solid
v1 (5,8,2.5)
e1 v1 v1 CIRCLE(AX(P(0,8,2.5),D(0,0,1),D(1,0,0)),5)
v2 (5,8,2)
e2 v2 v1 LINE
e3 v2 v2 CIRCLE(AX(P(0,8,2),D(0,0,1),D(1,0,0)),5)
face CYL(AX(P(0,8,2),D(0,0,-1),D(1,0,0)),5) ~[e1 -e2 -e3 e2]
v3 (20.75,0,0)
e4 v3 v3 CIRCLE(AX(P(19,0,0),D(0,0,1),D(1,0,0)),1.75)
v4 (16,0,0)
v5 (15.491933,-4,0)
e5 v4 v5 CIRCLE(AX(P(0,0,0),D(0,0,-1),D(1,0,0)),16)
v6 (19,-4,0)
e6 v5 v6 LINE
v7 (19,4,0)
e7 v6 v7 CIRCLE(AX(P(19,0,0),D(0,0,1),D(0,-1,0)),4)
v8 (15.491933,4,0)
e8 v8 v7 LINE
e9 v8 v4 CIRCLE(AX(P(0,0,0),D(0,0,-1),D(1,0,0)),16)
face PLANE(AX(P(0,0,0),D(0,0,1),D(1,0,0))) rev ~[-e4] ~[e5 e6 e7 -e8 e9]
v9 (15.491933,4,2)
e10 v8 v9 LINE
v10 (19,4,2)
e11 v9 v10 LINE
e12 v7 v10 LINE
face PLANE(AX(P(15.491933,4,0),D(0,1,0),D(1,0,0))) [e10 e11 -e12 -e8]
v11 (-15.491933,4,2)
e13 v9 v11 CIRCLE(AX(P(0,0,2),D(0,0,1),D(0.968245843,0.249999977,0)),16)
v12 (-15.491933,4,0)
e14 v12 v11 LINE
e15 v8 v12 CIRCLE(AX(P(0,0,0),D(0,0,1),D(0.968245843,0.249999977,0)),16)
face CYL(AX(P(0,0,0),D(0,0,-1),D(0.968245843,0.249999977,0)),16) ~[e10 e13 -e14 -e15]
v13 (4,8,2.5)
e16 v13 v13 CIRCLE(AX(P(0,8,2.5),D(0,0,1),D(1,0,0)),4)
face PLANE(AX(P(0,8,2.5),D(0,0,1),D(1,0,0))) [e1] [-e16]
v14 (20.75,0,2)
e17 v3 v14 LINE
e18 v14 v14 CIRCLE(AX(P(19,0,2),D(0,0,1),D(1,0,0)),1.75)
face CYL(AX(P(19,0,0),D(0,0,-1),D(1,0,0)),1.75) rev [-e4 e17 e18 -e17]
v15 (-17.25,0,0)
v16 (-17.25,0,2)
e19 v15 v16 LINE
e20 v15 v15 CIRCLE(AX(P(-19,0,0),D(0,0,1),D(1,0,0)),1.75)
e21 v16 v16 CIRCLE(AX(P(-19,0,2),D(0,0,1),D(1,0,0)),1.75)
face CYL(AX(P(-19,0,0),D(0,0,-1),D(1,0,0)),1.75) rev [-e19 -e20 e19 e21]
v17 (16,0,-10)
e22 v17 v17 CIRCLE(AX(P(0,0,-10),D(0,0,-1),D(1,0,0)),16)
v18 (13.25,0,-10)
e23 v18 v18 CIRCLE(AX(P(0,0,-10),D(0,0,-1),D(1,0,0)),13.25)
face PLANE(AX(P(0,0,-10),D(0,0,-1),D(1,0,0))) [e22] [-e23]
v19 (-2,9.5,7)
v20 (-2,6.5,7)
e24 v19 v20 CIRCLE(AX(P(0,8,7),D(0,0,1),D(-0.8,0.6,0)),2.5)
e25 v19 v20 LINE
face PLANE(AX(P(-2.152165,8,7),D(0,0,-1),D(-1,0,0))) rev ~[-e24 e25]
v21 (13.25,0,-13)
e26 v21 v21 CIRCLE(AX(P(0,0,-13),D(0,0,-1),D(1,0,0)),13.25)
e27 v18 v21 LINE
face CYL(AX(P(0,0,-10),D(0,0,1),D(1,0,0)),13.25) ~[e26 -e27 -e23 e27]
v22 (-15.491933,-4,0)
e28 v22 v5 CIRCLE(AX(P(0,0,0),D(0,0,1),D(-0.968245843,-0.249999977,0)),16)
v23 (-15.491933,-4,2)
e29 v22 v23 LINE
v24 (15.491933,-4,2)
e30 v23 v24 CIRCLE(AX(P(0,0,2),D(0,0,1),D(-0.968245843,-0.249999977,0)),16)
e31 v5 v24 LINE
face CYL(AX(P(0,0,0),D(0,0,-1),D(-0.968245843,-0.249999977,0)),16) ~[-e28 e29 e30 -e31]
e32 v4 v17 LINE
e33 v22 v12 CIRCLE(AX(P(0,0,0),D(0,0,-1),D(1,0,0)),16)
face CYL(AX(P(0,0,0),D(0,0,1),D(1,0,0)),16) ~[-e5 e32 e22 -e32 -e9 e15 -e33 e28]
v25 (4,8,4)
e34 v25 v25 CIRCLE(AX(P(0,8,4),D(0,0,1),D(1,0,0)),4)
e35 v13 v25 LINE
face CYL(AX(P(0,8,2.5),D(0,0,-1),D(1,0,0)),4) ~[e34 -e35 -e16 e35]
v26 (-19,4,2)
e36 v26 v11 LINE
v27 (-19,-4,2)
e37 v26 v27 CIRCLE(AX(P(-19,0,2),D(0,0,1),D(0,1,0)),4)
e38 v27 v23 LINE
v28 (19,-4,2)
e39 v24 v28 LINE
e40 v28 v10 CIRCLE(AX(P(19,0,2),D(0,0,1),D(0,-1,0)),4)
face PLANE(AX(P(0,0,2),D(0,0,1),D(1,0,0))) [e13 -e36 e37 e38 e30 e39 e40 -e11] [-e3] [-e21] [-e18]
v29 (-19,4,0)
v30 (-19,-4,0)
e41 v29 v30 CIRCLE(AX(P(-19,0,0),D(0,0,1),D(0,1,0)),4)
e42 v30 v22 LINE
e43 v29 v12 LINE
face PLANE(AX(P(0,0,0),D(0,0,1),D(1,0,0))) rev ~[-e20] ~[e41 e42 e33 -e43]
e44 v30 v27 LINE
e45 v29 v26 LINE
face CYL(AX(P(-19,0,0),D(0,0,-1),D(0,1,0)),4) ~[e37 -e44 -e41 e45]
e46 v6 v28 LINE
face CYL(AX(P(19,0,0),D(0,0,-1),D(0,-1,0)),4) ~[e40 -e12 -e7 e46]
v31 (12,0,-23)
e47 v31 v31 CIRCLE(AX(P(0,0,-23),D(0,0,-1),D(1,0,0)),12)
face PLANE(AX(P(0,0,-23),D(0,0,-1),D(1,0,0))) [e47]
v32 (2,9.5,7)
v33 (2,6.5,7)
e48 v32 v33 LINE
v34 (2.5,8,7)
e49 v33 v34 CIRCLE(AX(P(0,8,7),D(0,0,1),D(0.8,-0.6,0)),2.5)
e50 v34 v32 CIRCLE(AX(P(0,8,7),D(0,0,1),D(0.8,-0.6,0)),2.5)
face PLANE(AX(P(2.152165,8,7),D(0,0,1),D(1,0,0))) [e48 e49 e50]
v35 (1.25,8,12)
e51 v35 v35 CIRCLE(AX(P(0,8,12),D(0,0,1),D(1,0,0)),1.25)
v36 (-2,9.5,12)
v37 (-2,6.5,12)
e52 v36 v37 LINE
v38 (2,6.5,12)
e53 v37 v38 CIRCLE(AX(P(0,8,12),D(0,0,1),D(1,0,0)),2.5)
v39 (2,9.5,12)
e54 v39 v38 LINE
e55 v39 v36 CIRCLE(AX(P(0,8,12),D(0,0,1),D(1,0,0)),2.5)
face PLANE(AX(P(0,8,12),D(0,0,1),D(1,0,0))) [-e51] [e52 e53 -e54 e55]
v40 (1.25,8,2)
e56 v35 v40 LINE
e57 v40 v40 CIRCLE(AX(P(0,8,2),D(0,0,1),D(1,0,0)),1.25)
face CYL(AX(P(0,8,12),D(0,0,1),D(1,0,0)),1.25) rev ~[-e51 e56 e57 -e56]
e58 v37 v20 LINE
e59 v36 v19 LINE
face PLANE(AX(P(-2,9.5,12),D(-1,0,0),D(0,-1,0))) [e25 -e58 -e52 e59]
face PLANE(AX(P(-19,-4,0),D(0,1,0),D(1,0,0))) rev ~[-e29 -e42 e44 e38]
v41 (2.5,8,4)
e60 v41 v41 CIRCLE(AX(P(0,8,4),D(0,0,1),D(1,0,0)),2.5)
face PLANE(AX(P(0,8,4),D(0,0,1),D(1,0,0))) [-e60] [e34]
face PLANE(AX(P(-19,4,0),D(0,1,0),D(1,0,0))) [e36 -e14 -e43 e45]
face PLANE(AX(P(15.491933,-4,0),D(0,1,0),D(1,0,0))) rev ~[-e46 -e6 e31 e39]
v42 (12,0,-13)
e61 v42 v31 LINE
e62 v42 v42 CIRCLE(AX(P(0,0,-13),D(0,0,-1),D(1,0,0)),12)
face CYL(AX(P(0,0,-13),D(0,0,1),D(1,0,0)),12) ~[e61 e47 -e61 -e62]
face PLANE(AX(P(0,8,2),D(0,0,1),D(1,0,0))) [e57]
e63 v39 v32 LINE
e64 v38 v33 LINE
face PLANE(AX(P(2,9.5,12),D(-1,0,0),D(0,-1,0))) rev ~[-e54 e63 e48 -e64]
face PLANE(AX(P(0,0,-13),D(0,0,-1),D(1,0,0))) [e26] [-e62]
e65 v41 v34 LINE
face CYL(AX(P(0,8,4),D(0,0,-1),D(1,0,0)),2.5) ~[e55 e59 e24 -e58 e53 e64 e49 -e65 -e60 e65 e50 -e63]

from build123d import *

# Parameters (mm, degrees)
SKETCH023_R     = 1.75
PAD013_DEPTH    = 2
SKETCH024_R     = 16
PAD014_DEPTH    = 10
SKETCH025_R     = 13.25
PAD015_DEPTH    = 3
SKETCH026_R     = 12
PAD016_DEPTH    = 10
SKETCH027_R     = 5
PAD017_DEPTH    = 0.5
SKETCH028_R     = 4
PAD018_DEPTH    = 1.5
SKETCH029_R     = 2.5
PAD019_DEPTH    = 8
SKETCH030_R     = 1.25
POCKET008_DEPTH = 10
POCKET009_DEPTH = 5


with BuildPart() as part:
    # Sketch023 → Pad013 (new body)
    with BuildSketch(Plane.XY):
        with BuildLine():
            ThreePointArc((15.491933, 4), (0, 16), (-15.491933, 4))
            Line((-19, 4), (-15.491933, 4))
            ThreePointArc((-19, 4), (-23, 0), (-19, -4))
            Line((-19, -4), (-15.491933, -4))
            ThreePointArc((-15.491933, -4), (0, -16), (15.491933, -4))
            Line((15.491933, -4), (19, -4))
            ThreePointArc((19, -4), (23, 0), (19, 4))
            Line((15.491933, 4), (19, 4))
        make_face()
        with Locations((-19, 0)):
            Circle(SKETCH023_R, mode=Mode.SUBTRACT)
        with Locations((19, 0)):
            Circle(SKETCH023_R, mode=Mode.SUBTRACT)
    extrude(amount=PAD013_DEPTH)

    # Sketch024 (on Face11 of Pad013) → Pad014 (join)
    with BuildSketch(Plane(origin=(0, 0, 0), x_dir=(1, 0, 0), z_dir=(0, 0, -1))):
        Circle(SKETCH024_R)
    extrude(amount=PAD014_DEPTH)

    # Sketch025 (on Face13 of Pad014) → Pad015 (join)
    with BuildSketch(Plane(origin=(0, 0, -10), x_dir=(1, 0, 0), z_dir=(0, 0, -1))):
        Circle(SKETCH025_R)
    extrude(amount=PAD015_DEPTH)

    # Sketch026 (on Face15 of Pad015) → Pad016 (join)
    with BuildSketch(Plane(origin=(0, 0, -13), x_dir=(1, 0, 0), z_dir=(0, 0, -1))):
        Circle(SKETCH026_R)
    extrude(amount=PAD016_DEPTH)

    # Sketch027 (on Face5 of Pad016) → Pad017 (join)
    with BuildSketch(Plane.XY.offset(2)):
        with Locations((0, 8)):
            Circle(SKETCH027_R)
    extrude(amount=PAD017_DEPTH)

    # Sketch028 (on Face16 of Pad017) → Pad018 (join)
    with BuildSketch(Plane.XY.offset(2.5)):
        with Locations((0, 8)):
            Circle(SKETCH028_R)
    extrude(amount=PAD018_DEPTH)

    # Sketch029 (on Face20 of Pad018) → Pad019 (join)
    with BuildSketch(Plane.XY.offset(4)):
        with Locations((0, 8)):
            Circle(SKETCH029_R)
    extrude(amount=PAD019_DEPTH)

    # Sketch030 (on Face23 of Pad019) → Pocket008 (cut)
    with BuildSketch(Plane.XY.offset(12)):
        with Locations((0, 8)):
            Circle(SKETCH030_R)
    extrude(amount=-POCKET008_DEPTH, mode=Mode.SUBTRACT)

    # Sketch031 (on Face23 of Pocket008) → Pocket009 (cut)
    with BuildSketch(Plane.XY.offset(12)):
        with BuildLine():
            Line((2, 9.5), (2, 6.5))
            ThreePointArc((2, 6.5), (2.5, 8), (2, 9.5))
        make_face()
        with BuildLine():
            Line((-2, 9.5), (-2, 6.5))
            ThreePointArc((-2, 9.5), (-2.5, 8), (-2, 6.5))
        make_face()
    extrude(amount=-POCKET009_DEPTH, mode=Mode.SUBTRACT)


solid = part.part
